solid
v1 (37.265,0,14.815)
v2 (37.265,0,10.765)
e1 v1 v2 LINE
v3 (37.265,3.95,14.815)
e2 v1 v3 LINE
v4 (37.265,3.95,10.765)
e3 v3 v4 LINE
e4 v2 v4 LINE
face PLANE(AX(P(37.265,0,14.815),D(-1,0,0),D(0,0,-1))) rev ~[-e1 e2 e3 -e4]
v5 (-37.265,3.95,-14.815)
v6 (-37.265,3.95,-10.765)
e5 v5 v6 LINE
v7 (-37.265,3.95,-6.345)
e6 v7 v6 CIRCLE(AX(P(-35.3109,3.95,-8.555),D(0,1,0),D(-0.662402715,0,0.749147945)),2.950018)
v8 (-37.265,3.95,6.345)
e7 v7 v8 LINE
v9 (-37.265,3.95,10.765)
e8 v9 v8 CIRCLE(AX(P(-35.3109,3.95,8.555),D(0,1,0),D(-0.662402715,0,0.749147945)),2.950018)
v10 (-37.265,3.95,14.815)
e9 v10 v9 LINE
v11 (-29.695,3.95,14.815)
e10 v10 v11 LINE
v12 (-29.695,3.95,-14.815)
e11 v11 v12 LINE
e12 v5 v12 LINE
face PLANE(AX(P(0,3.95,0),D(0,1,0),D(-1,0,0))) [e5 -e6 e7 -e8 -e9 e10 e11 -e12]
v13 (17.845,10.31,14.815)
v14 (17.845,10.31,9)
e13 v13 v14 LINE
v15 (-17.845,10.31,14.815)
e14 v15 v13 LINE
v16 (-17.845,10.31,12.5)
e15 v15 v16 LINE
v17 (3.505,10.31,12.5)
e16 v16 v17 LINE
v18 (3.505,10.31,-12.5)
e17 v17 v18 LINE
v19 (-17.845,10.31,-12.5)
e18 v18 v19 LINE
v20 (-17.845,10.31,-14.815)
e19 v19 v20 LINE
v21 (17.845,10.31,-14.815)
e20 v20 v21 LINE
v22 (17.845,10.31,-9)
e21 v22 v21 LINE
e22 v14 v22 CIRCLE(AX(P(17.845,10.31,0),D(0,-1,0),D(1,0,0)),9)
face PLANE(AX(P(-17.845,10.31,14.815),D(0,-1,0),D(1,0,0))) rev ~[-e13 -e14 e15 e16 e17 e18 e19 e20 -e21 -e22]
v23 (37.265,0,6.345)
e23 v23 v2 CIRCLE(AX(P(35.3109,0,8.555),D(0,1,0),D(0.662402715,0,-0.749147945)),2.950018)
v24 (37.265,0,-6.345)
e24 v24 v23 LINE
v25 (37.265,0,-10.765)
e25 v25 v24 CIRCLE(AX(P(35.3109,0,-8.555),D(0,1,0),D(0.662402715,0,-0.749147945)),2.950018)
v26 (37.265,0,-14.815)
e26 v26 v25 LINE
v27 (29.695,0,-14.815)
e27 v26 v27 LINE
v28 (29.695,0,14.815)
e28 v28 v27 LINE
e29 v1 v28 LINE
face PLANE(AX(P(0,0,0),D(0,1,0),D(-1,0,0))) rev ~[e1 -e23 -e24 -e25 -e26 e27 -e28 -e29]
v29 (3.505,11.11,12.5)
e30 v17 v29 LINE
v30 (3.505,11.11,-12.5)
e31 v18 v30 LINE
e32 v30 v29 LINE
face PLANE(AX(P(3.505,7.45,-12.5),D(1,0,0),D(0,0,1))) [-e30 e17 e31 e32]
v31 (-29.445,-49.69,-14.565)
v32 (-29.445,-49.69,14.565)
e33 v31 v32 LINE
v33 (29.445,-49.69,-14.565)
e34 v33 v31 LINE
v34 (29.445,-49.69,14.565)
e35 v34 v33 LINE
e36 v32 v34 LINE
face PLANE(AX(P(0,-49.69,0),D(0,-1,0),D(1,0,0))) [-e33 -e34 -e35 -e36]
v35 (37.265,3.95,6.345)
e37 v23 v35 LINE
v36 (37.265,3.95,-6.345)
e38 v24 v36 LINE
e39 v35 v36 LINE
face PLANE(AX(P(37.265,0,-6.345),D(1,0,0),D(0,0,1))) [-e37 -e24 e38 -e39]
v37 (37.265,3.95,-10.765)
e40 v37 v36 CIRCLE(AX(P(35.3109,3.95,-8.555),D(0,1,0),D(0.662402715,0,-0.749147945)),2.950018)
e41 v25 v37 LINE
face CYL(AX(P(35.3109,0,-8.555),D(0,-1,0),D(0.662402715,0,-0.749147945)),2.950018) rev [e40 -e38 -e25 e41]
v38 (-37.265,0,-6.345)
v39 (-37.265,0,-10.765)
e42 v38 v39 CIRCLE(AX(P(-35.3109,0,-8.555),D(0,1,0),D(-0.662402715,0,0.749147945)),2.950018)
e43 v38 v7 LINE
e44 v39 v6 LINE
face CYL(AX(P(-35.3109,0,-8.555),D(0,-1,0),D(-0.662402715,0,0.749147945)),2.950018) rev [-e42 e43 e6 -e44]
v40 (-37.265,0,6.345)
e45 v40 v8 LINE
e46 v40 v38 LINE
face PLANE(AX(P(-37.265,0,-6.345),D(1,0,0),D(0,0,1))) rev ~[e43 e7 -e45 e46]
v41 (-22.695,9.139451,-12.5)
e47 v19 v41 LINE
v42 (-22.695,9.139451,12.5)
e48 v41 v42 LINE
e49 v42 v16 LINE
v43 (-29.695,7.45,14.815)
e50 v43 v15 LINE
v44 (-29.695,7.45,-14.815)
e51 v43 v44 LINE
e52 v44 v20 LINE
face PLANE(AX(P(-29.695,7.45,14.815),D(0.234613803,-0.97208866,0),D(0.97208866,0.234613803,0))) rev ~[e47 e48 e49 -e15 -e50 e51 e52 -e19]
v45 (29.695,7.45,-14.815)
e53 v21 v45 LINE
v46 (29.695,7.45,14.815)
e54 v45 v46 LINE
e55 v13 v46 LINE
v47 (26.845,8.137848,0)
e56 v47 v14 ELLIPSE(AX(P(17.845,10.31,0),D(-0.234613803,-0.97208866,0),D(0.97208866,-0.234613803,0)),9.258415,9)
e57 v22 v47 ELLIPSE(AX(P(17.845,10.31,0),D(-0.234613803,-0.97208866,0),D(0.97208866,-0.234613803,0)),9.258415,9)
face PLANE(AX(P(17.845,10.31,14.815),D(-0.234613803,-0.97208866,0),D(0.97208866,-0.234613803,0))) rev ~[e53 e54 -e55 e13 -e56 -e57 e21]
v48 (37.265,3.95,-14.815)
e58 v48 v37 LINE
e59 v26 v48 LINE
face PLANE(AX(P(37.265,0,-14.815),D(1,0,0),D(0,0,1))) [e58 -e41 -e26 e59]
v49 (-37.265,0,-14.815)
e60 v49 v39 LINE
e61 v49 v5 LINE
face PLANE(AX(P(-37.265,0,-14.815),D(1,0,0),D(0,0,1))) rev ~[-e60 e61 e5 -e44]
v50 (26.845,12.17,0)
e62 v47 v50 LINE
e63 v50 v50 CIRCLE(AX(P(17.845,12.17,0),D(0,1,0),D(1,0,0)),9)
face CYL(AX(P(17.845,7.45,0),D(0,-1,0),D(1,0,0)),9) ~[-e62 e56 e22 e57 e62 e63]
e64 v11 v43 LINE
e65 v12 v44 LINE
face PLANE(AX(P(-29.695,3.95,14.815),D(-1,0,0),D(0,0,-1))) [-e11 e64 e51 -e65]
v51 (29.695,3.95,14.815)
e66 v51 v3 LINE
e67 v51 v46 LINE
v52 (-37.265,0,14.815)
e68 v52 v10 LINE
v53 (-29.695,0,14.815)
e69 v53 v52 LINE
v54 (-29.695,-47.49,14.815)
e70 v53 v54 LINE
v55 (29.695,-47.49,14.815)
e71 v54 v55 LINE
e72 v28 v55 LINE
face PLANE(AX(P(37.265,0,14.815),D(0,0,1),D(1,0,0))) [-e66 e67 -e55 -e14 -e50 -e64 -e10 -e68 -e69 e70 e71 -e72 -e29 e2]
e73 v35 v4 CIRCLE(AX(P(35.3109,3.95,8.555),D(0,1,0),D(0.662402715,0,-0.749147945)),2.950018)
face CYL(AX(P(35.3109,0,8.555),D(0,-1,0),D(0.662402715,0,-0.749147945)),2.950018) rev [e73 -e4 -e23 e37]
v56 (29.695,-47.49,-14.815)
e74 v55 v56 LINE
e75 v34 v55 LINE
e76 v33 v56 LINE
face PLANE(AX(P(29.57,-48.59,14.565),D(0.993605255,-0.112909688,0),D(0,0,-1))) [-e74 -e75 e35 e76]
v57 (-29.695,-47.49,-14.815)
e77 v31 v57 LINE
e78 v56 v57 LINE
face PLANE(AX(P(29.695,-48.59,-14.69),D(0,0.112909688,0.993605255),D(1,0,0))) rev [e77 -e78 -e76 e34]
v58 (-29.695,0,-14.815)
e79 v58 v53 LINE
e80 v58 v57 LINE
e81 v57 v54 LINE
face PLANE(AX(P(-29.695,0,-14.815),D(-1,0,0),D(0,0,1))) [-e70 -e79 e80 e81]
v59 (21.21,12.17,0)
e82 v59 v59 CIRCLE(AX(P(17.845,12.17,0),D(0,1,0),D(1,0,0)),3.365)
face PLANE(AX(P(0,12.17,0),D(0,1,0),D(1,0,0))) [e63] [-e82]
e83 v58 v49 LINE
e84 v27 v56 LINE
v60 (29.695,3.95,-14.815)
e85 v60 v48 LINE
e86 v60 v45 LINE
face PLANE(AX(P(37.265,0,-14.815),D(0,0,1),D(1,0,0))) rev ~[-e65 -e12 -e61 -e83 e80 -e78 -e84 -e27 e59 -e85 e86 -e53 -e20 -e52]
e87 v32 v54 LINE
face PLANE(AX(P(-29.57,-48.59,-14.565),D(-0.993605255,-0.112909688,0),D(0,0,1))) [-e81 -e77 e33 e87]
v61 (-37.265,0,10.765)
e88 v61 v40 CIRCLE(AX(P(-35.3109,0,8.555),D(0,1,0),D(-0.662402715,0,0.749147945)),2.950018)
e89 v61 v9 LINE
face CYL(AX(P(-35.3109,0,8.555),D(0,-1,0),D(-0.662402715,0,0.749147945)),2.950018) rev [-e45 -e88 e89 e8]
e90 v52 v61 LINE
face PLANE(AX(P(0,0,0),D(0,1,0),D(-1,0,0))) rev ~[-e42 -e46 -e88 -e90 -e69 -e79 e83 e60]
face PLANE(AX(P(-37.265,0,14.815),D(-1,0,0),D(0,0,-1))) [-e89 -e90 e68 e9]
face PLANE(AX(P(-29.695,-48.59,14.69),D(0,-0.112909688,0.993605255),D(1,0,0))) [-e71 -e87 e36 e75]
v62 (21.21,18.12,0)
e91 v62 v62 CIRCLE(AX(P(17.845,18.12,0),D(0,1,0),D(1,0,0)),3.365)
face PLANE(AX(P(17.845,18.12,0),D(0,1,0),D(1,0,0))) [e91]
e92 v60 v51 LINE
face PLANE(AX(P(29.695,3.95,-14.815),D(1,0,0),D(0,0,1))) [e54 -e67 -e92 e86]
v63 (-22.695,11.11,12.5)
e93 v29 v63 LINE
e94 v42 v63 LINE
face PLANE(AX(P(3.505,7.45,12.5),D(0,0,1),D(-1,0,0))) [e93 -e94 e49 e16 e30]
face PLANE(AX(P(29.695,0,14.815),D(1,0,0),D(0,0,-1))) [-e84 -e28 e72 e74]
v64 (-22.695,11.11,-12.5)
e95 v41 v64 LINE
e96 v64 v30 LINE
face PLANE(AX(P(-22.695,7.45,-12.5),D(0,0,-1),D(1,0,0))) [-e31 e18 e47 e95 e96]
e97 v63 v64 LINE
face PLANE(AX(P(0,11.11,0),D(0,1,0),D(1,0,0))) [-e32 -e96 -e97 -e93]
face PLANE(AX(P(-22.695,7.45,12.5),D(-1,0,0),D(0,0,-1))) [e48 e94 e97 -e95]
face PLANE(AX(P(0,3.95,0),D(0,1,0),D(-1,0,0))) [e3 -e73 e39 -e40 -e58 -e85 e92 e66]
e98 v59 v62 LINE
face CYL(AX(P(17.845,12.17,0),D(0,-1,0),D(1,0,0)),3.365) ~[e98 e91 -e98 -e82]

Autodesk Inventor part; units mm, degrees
ref_plane "YZ Plane" through (0, 0, 0) normal (1, 0, 0) x (0, 1, 0)
ref_plane "XZ Plane" through (0, 0, 0) normal (0, 1, 0) x (-1, 0, 0)
ref_plane "XY Plane" through (0, 0, 0) normal (0, 0, 1) x (1, 0, 0)
sketch "Sketch1" plane through (0, 0, 0) normal (0, 1, 0) x (-1, 0, 0)
  line L0 (0, -23.3131) -> (0, 24.6505)
  line L1 (49.2542, 0) -> (-47.6933, 0)
  arc A0 (37.265, -6.345) -> (37.265, -10.765) centre (35.3109, -8.555) ccw
  line L2 (37.265, -14.815) -> (37.265, -10.765)
  arc A1 (37.265, 10.765) -> (37.265, 6.345) centre (35.3109, 8.555) ccw
  line L3 (37.265, 14.815) -> (37.265, 10.765)
  line L4 (37.265, -6.345) -> (37.265, 6.345)
  line L5 (37.265, -14.815) -> (29.695, -14.815)
  line L6 (37.265, 14.815) -> (29.695, 14.815)
  arc A2 (-37.265, -10.765) -> (-37.265, -6.345) centre (-35.3109, -8.555) ccw
  line L7 (-37.265, -14.815) -> (-37.265, -10.765)
  line L8 (-37.265, 14.815) -> (-37.265, 10.765)
  arc A3 (-37.265, 6.345) -> (-37.265, 10.765) centre (-35.3109, 8.555) ccw
  line L9 (-37.265, -6.345) -> (-37.265, 6.345)
  line L10 (-37.265, -14.815) -> (-29.695, -14.815)
  line L11 (-37.265, 14.815) -> (-29.695, 14.815)
  line L12 (29.695, -14.815) -> (-29.695, -14.815)
  line L13 (-29.695, 14.815) -> (29.695, 14.815)
  line L14 (29.695, -14.815) -> (29.695, 14.815)
  line L15 (-29.695, -14.815) -> (-29.695, 14.815)
  point P0 (0, 0)
  dimension "d3" = 4.42
  dimension "d6" = 2.95
  dimension "d7" = 7.57
  dimension "d8" = 3.31
  dimension "d9" = 59.39
  dimension "d10" = 29.63
extrude "Extrusion1" add sketch "Sketch1" along normal blind 3.95
sketch "Sketch2" plane through (0, 3.95, 0) normal (0, 1, 0) x (1, 0, 0)
  line L0 (37.265, 14.815) -> (-37.265, 14.815) projected
  line L1 (-37.265, -14.815) -> (37.265, -14.815) projected
  line L2 (-29.695, 14.815) -> (29.695, 14.815)
  line L3 (29.695, 14.815) -> (29.695, -14.815)
  line L4 (29.695, -14.815) -> (-29.695, -14.815)
  line L5 (-29.695, -14.815) -> (-29.695, 14.815)
  point P0 (0, 0)
  dimension "d13" = 59.39
  dimension "d14" = 29.695
extrude "Extrusion2" add sketch "Sketch2" along normal blind 3.5
sketch "Sketch3" plane through (0, 0, 0) normal (0, -1, 0) x (1, 0, 0)
  line L0 (37.265, -14.815) -> (-37.265, -14.815) projected
  line L1 (-37.265, 14.815) -> (37.265, 14.815) projected
  line L2 (-29.695, 14.815) -> (29.695, 14.815)
  line L3 (29.695, 14.815) -> (29.695, -14.815)
  line L4 (29.695, -14.815) -> (-29.695, -14.815)
  line L5 (-29.695, -14.815) -> (-29.695, 14.815)
  point P0 (0, 0)
  dimension "d17" = 59.39
  dimension "d18" = 29.695
extrude "Extrusion3" add sketch "Sketch3" along normal blind 49.69
sketch "Sketch4" plane through (37.265, 0, 14.815) normal (0, 0, 1) x (1, 0, 0)
  line L0 (-7.57, -49.69) -> (-66.96, -49.69) projected
  line L1 (-66.96, 7.45) -> (-7.57, 7.45) projected
  line L2 (-74.53, 0) -> (-74.53, 3.95) projected
  line L3 (-66.96, 7.45) -> (-55.11, 10.31)
  line L4 (-55.11, 10.31) -> (-19.42, 10.31)
  line L5 (-19.42, 10.31) -> (-7.57, 7.45)
  line L6 (14.6439, 12.17) -> (-93.8376, 12.17) construction
  line L7 (-75.1527, 11.11) -> (-5.1295, 11.11) construction
  point P0 (-37.265, 0)
  dimension "d21" = 11.85
  dimension "d22" = 11.85
  dimension "d31" = 1.06
  dimension "d32" = 0.8
  dimension "d44" = 60.8
sketch "Sketch5" plane through (0, 7.45, 0) normal (0, 1, 0) x (1, 0, 0)
  line L0 (29.695, -14.815) -> (29.695, 14.815) projected
  line L1 (29.695, 14.815) -> (-29.695, 14.815) projected
  circle A0 centre (17.845, 0) radius 9
  point P0 (0, 0)
  dimension "d23" = 11.85
  dimension "d24" = 18
  dimension "d29" = 14.815
extrude "Extrusion4" add sketch "Sketch5" along normal blind 4.72
sketch "Sketch6" plane through (0, 7.45, 0) normal (0, 1, 0) x (1, 0, 0)
  line L0 (-29.695, 14.815) -> (-29.695, -14.815) projected
  line L1 (-22.695, 12.5) -> (3.505, 12.5)
  line L2 (3.505, 12.5) -> (3.505, -12.5)
  line L3 (3.505, -12.5) -> (-22.695, -12.5)
  line L4 (-22.695, -12.5) -> (-22.695, 12.5)
  line L5 (-37.265, 6.345) -> (-37.265, -6.345) projected
  point P0 (0, 0)
  dimension "d35" = 25
  dimension "d36" = 12.5
  dimension "d38" = 26.2
  dimension "d39" = 7
extrude "Extrusion5" add sketch "Sketch6" along normal blind 3.66
extrude "Extrusion6" add sketch "Sketch4" against normal up to surface (29.63 mm away)
sketch "Sketch7" plane through (17.845, 12.17, 0) normal (0, 1, 0) x (1, 0, 0)
  circle A0 centre (0, 0) radius 9 projected
  circle A1 centre (0, 0) radius 3.365
  point P0 (-17.845, 0)
  dimension "d45" = 6.73
extrude "Extrusion7" add sketch "Sketch7" along normal blind 5.95 contours A1
chamfer "Chamfer1" distance 0.25 distance2 2.2 1 edges at (0, -49.69, -14.815) measured on face at (-9.8983, -49.69, 4.9383)
chamfer "Chamfer2" distance 0.25 distance2 2.2 1 edges at (0, -49.69, 14.815) measured on face at (9.8983, -49.69, -4.7717)
chamfer "Chamfer3" distance 0.25 distance2 2.2 1 edges at (29.695, -49.69, 0) measured on face at (-9.8983, -49.69, 4.855)
chamfer "Chamfer4" distance 0.25 distance2 2.2 1 edges at (-29.695, -49.69, 0) measured on face at (-9.9817, -49.69, 4.855)
equation "\"d13\" = d9"
equation "\"d14\" = 0.5 * d9"
equation "\"d17\" = d9"
equation "\"d18\" = 0.5 * d9"
equation "\"d22\" = d21"
equation "\"d29\" = 0.5 * d10"
equation "\"d36\" = 0.5 * d35"
properties part number "ServoModel"
